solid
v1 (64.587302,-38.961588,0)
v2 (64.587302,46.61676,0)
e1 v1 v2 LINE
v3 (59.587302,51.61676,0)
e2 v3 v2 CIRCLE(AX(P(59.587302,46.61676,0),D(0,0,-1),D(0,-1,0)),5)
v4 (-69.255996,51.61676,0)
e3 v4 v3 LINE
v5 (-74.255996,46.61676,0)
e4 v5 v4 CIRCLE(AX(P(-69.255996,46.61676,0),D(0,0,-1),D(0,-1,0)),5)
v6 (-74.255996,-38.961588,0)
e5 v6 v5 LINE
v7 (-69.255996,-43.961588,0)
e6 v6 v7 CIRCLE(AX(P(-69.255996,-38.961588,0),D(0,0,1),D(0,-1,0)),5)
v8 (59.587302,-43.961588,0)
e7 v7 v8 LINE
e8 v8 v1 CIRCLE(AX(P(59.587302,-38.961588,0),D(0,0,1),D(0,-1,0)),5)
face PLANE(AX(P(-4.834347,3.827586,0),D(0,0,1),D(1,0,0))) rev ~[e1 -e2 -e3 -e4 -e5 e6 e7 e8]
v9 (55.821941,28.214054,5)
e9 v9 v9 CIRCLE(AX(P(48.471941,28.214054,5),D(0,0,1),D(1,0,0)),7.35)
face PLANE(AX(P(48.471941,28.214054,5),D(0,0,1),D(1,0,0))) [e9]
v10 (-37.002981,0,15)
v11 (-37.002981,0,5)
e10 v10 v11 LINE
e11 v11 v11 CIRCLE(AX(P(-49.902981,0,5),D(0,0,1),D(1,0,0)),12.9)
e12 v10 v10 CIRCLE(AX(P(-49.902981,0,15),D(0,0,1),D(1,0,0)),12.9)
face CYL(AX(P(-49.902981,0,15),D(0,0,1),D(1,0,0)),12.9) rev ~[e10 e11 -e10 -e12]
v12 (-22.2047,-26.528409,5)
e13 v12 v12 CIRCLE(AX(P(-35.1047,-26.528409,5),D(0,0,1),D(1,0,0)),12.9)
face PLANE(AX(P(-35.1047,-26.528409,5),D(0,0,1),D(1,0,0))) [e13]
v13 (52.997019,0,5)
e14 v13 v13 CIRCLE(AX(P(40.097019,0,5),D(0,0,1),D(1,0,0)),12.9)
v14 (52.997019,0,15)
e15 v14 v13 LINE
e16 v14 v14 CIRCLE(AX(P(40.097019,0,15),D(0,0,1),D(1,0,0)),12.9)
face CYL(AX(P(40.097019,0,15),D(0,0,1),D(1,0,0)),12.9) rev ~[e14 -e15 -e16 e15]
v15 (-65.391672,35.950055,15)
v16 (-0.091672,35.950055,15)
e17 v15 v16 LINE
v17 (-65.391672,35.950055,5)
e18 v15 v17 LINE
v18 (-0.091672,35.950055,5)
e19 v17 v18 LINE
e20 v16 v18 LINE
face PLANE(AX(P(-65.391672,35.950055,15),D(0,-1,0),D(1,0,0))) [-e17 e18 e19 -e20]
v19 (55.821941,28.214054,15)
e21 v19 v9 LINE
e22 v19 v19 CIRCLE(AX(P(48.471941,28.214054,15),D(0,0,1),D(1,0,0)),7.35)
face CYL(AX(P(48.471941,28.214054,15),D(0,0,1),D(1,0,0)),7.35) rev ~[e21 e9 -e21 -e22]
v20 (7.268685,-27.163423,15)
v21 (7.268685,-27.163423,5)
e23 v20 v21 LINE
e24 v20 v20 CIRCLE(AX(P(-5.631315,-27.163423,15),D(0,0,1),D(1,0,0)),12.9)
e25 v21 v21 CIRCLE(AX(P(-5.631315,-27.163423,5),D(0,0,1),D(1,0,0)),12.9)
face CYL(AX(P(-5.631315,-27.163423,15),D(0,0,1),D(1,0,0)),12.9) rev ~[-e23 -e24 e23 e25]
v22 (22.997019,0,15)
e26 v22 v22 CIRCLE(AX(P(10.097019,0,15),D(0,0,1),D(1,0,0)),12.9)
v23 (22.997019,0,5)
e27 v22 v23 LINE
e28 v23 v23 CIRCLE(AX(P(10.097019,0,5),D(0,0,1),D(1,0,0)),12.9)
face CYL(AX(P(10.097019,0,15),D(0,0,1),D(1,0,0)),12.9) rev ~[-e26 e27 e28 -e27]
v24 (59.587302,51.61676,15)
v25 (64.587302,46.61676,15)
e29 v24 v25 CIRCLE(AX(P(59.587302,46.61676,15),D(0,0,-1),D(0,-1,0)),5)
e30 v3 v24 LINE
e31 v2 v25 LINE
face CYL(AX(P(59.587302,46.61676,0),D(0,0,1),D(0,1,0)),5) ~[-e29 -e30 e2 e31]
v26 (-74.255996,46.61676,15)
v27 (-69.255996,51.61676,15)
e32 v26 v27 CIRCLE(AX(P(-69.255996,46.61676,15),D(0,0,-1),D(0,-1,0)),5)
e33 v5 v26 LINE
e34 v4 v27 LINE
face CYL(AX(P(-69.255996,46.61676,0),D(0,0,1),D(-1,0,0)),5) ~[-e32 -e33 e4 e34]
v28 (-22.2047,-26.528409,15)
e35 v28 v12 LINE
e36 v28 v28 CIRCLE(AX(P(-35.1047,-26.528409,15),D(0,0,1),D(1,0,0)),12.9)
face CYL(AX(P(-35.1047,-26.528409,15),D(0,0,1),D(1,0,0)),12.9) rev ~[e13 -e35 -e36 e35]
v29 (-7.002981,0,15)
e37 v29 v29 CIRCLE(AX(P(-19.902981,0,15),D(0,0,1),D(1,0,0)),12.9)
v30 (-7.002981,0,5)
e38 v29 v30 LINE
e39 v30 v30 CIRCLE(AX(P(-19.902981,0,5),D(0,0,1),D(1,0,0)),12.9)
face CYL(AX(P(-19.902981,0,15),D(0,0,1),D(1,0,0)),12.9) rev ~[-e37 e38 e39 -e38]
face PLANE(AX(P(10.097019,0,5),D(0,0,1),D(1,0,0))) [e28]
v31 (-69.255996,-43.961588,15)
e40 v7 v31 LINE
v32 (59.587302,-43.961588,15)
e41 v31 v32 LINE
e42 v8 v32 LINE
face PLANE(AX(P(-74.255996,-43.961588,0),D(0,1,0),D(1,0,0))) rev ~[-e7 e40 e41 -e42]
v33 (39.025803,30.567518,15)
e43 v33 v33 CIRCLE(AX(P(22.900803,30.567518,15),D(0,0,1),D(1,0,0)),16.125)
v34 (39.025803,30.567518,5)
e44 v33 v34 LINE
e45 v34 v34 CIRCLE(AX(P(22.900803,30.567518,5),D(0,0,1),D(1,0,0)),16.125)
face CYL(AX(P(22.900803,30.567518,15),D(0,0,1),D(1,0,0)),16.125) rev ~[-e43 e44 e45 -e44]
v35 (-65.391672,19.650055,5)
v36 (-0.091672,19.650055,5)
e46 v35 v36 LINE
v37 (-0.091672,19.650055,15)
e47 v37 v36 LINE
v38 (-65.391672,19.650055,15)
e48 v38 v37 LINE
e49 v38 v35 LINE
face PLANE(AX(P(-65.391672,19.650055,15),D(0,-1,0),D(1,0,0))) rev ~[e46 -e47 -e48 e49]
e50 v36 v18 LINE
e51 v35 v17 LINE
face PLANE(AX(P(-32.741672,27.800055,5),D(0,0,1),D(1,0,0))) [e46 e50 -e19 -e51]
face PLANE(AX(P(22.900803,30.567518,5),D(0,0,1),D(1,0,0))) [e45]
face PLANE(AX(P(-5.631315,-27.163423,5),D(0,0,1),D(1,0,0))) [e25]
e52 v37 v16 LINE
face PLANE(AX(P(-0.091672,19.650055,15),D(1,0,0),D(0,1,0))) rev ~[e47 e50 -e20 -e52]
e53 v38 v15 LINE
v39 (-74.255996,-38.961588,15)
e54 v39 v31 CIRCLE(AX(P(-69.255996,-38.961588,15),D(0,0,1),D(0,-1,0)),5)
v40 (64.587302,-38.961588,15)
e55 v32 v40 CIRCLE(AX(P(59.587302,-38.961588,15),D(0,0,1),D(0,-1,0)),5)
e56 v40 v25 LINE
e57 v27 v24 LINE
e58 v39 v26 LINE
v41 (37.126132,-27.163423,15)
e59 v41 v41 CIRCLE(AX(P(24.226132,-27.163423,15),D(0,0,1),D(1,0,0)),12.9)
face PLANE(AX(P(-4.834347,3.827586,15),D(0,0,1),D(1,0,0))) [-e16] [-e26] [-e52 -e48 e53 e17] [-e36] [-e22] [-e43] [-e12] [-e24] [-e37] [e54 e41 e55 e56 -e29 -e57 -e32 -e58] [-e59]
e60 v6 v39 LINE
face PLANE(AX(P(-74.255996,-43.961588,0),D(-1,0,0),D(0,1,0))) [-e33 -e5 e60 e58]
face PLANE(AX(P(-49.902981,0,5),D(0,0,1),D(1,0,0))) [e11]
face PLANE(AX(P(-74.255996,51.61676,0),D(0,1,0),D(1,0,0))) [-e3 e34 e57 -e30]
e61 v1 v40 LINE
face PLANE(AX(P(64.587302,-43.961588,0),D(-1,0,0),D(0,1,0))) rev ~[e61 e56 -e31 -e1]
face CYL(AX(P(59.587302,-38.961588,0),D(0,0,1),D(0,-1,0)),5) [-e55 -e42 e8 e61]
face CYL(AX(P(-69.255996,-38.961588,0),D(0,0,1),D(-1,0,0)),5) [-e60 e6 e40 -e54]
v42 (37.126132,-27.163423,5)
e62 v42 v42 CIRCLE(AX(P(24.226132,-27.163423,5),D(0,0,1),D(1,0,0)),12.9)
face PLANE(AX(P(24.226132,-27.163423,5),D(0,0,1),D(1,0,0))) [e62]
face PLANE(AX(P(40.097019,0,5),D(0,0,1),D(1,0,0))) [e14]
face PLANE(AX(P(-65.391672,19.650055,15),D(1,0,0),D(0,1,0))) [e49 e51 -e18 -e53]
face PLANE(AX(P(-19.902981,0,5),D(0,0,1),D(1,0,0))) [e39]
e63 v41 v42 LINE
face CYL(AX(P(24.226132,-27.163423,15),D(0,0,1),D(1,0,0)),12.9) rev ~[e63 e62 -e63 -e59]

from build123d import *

# Parameters (mm, degrees)
F1_W     = 138.843298
F1_H     = 95.578349
F2_DEPTH = 15
F3_R     = 12.9
F3_W     = 65.3
F3_H     = 16.3
F3_R_2   = 7.35
F3_R_3   = 16.125
F4_DEPTH = 10
F5_R     = 5


with BuildPart() as f2:
    # F1 (on Top) → F2 (new body)
    with BuildSketch(Plane.XY):
        with Locations((-4.834347, 3.827586)):
            Rectangle(F1_W, F1_H)
    extrude(amount=F2_DEPTH)

    # F3 (on face) → F4 (cut)
    with BuildSketch(Plane.XY.offset(15)):
        with Locations((10.097019, 0)):
            Circle(F3_R)
        with Locations((-32.741672, 27.800055)):
            Rectangle(F3_W, F3_H)
        with Locations((-19.902981, 0)):
            Circle(F3_R)
        with Locations((40.097019, 0)):
            Circle(F3_R)
        with Locations((-49.902981, 0)):
            Circle(F3_R)
        with Locations((48.471941, 28.214054)):
            Circle(F3_R_2)
        with Locations((-5.631315, -27.163423)):
            Circle(F3_R)
        with Locations((-35.1047, -26.528409)):
            Circle(F3_R)
        with Locations((22.900803, 30.567518)):
            Circle(F3_R_3)
        with Locations((24.226132, -27.163423)):
            Circle(F3_R)
    extrude(amount=-F4_DEPTH, mode=Mode.SUBTRACT)

    # F5
    f5_edges = [f2.edges().sort_by_distance(p)[0] for p in [
        (64.587302, -43.961589, 7.5),
        (-74.255996, -43.961589, 7.5),
        (64.587302, 51.61676, 7.5),
        (-74.255996, 51.61676, 7.5),
    ]]
    fillet(f5_edges, radius=F5_R)


solid = f2.part
